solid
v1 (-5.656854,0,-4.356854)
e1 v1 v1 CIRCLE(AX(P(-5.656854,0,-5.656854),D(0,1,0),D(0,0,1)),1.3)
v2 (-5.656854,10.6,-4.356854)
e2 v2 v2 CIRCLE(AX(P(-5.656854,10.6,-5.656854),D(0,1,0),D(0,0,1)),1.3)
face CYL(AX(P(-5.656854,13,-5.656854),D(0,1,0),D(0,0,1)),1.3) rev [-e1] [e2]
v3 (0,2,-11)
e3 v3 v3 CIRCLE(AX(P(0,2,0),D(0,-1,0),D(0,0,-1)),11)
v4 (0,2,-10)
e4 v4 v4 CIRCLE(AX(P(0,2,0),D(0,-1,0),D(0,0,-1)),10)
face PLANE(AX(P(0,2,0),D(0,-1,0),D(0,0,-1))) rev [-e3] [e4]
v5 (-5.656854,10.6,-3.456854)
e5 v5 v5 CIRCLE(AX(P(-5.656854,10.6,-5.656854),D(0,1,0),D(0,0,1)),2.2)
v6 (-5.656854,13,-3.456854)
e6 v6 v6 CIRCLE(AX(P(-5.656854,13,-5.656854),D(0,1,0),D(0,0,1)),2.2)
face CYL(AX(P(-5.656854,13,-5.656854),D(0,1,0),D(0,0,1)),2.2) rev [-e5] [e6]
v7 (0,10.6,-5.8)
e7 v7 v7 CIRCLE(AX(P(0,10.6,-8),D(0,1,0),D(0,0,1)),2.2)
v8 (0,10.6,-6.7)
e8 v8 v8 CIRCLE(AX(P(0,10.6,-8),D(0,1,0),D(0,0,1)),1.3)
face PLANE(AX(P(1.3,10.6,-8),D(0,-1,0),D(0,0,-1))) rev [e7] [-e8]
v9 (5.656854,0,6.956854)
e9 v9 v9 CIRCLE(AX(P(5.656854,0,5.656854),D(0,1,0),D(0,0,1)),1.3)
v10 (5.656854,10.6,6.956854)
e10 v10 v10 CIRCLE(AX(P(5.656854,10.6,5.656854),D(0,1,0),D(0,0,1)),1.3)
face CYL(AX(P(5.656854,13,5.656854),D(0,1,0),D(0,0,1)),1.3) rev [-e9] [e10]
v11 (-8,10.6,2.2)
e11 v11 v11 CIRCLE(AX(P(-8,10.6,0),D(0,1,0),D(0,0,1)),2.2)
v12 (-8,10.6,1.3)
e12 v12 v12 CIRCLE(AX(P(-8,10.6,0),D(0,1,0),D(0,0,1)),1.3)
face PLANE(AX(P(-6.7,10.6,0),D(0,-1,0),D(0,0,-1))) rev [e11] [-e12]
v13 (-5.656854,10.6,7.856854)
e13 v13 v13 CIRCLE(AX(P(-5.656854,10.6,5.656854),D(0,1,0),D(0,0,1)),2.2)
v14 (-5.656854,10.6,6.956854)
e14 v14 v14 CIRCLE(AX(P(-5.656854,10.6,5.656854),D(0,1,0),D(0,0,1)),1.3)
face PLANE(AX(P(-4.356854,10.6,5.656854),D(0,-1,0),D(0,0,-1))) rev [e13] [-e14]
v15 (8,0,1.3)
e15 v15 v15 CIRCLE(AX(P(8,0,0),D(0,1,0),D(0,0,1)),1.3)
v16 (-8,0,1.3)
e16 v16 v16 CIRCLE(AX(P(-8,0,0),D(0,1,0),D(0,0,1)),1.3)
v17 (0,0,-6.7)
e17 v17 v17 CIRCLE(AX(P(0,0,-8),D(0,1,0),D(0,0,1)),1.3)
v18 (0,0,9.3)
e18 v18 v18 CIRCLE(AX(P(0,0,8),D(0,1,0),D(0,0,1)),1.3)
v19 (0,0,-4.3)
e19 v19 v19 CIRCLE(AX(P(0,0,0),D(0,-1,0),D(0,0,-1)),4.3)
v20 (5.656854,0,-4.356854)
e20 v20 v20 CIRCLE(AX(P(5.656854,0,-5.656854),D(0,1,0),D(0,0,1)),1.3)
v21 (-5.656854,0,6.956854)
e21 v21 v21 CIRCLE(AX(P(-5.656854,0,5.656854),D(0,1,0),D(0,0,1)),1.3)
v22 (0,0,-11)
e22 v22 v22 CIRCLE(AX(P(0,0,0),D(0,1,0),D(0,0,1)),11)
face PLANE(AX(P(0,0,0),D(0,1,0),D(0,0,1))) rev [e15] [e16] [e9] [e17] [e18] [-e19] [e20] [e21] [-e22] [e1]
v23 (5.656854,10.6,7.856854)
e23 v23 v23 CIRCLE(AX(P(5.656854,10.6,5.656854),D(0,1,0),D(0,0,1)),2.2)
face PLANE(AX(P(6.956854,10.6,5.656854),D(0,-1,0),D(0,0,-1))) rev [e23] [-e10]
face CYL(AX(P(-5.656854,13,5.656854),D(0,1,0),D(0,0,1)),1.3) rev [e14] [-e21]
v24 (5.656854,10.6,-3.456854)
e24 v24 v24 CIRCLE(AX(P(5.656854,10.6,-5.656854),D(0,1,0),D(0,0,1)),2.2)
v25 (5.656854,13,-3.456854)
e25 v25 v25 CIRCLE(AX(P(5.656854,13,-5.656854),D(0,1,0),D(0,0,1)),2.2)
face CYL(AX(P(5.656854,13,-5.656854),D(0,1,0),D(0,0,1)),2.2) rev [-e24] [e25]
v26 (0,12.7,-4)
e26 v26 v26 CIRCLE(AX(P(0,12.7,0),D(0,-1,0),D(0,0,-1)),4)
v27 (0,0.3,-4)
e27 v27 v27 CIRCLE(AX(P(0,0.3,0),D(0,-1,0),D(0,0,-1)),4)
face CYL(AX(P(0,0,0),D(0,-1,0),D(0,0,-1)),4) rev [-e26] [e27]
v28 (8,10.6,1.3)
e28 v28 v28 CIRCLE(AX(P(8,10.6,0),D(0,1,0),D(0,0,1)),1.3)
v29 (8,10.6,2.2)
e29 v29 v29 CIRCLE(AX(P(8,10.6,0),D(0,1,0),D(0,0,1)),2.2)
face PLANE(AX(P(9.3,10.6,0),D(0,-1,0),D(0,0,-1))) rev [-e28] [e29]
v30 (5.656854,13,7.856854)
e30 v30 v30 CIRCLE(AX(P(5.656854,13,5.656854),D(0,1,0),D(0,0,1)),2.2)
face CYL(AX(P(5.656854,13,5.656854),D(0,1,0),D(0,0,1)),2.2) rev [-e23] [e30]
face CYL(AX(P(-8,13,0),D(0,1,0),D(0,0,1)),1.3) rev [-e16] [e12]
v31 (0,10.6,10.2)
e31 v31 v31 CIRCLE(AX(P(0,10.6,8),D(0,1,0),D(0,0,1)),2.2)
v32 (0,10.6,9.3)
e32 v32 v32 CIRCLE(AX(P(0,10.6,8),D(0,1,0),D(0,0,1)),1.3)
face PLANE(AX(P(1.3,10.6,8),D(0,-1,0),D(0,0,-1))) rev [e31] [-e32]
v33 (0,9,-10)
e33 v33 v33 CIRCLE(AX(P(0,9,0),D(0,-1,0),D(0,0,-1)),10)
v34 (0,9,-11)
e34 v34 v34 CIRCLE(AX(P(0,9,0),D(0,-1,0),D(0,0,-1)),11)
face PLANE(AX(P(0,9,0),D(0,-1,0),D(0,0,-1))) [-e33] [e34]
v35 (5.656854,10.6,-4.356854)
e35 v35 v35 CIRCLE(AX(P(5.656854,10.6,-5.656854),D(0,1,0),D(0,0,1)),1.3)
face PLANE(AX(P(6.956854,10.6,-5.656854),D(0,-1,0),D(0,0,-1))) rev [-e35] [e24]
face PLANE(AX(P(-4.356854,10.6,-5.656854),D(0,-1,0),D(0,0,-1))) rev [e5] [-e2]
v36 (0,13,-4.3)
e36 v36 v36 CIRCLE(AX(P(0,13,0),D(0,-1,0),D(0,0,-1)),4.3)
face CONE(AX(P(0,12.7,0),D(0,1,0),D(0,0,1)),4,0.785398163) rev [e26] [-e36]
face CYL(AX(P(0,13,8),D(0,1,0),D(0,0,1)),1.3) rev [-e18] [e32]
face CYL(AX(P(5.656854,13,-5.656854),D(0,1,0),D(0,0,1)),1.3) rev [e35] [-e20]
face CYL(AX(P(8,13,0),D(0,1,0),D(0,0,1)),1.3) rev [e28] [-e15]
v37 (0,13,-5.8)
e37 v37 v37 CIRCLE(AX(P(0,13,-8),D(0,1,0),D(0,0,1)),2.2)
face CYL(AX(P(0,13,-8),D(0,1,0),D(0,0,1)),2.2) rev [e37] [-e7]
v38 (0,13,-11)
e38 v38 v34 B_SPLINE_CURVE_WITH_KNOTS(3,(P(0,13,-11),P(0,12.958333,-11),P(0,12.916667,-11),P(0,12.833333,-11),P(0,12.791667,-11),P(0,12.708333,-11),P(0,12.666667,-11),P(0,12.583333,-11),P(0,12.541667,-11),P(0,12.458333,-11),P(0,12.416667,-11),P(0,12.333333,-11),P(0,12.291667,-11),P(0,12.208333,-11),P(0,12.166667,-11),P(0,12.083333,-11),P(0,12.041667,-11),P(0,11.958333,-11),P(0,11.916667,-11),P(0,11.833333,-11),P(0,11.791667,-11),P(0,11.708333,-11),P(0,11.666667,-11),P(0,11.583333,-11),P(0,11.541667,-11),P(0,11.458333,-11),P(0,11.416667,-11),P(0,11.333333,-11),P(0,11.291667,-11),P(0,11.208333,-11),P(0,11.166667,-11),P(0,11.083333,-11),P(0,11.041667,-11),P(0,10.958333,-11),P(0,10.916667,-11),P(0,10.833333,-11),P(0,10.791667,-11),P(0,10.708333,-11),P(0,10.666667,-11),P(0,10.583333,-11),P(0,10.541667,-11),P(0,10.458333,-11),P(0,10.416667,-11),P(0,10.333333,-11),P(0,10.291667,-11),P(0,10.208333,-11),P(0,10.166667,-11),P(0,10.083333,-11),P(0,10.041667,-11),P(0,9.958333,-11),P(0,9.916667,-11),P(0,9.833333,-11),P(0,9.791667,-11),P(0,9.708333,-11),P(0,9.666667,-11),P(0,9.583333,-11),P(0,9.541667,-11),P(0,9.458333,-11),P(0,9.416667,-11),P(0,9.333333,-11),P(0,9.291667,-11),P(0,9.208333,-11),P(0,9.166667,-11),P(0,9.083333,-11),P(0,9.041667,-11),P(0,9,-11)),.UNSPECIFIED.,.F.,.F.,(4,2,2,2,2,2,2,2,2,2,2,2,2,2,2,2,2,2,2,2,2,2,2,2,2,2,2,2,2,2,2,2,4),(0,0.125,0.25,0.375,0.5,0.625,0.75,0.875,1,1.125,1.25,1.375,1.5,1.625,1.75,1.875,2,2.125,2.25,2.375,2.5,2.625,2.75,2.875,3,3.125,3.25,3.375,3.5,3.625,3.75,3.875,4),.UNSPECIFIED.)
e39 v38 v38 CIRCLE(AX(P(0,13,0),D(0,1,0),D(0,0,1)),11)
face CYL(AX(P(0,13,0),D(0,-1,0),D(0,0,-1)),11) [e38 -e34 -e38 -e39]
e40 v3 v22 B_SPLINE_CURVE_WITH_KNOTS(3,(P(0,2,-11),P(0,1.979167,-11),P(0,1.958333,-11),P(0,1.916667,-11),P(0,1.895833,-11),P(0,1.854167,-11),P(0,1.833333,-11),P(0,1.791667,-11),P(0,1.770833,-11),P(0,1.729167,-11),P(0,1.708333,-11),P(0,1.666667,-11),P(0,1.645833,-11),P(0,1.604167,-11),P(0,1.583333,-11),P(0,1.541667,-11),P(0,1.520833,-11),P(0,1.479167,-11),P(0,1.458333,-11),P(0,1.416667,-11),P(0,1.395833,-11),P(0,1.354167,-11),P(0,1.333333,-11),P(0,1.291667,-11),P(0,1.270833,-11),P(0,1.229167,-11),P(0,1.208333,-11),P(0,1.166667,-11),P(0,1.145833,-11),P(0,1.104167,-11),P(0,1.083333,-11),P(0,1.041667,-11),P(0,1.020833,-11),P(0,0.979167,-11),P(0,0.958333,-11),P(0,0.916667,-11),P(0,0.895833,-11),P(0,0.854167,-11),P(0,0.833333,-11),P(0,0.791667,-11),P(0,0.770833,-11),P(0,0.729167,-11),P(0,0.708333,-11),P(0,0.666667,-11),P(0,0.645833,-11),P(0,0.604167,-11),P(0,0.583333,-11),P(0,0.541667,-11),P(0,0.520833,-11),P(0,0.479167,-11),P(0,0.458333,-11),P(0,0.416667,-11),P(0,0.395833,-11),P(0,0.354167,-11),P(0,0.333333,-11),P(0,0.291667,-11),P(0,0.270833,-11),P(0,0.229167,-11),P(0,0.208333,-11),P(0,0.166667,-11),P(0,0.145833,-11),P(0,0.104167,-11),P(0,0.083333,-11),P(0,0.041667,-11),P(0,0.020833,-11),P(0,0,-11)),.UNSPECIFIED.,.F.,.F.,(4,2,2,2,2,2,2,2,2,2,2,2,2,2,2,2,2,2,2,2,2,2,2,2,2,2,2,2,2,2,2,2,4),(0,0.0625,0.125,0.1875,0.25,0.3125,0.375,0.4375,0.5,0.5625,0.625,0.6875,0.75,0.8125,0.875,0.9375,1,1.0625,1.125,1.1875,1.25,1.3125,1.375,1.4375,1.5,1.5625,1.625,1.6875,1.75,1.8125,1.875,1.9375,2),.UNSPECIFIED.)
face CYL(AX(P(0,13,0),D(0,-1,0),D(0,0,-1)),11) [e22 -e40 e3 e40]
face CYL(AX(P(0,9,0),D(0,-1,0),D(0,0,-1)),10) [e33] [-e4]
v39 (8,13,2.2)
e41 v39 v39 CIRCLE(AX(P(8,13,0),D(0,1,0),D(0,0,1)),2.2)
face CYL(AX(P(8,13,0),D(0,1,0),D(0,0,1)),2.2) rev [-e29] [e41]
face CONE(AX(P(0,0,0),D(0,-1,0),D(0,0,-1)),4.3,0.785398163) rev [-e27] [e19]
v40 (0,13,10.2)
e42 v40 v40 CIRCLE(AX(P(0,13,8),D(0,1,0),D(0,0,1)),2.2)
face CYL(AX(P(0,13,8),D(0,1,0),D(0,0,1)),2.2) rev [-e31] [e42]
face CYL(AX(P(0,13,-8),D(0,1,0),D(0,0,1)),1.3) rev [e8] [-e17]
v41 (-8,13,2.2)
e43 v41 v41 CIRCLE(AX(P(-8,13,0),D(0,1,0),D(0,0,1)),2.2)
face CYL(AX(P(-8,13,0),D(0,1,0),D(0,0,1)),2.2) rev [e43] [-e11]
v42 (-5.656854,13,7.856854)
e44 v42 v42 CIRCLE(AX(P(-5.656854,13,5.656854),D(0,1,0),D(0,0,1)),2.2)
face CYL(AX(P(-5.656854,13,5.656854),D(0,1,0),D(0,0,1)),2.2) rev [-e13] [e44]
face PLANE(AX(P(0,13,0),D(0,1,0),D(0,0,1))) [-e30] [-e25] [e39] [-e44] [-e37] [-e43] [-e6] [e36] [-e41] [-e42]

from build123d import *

# Parameters (mm, degrees)
SKETCH1_R                                           = 11
BOSS_EXTRUDE1_DEPTH                                 = 13
CBORE_FOR_M2_HEX_SOCKET_HEAD_CAP_SCREW1_D           = 2.6
CBORE_FOR_M2_HEX_SOCKET_HEAD_CAP_SCREW1_CBORE_D     = 4.4
CBORE_FOR_M2_HEX_SOCKET_HEAD_CAP_SCREW1_CBORE_DEPTH = 2.4
CUT_EXTRUDE1_START                                  = -2
SKETCH8_R                                           = 11
SKETCH8_R_2                                         = 10
CUT_EXTRUDE1_DEPTH                                  = 7


with BuildPart() as part:
    # Sketch1 → Boss-Extrude1 (new body)
    with BuildSketch(Plane(origin=(0, 0, 0), x_dir=(1, 0, 0), z_dir=(0, 1, 0))):
        with Locations(Location((0, 0, 0), (0, 0, 90))):
            Circle(SKETCH1_R)
    extrude(amount=BOSS_EXTRUDE1_DEPTH)

    # CBORE for M2 Hex Socket Head Cap Screw1 (through all)
    with Locations(Plane(origin=(0, 13, 0), x_dir=(1, 0, 0), z_dir=(0, 1, 0))):
        with Locations((-5.656854249, 5.656854249), (0, 8), (5.656854249, 5.656854249), (8, 0), (5.656854249, -5.656854249), (0, -8), (-5.656854249, -5.656854249), (-8, 0)):
            CounterBoreHole(CBORE_FOR_M2_HEX_SOCKET_HEAD_CAP_SCREW1_D / 2, CBORE_FOR_M2_HEX_SOCKET_HEAD_CAP_SCREW1_CBORE_D / 2, CBORE_FOR_M2_HEX_SOCKET_HEAD_CAP_SCREW1_CBORE_DEPTH)

    # Sketch8 → Cut-Extrude1 (cut)
    with BuildSketch(Plane.XZ.offset(CUT_EXTRUDE1_START)):
        with Locations(Location((0, 0, 0), (0, 0, 270))):
            Circle(SKETCH8_R)
        with Locations(Location((0, 0, 0), (0, 0, 270))):
            Circle(SKETCH8_R_2, mode=Mode.SUBTRACT)
    extrude(amount=-CUT_EXTRUDE1_DEPTH, mode=Mode.SUBTRACT)

    # Sketch12 → Ø8.0mm Dowel Hole1 (revolve, cut)
    with BuildSketch(Plane(origin=(0, 0, 0), x_dir=(0, 0, -1), z_dir=(1, 0, 0))):
        Polygon((0, 0), (0, 13), (4.3, 13), (4, 12.7), (4, 0.3), (4.3, 0), align=None)
    revolve(axis=Axis((0, -6.35, 0), (0, 1, 0)), mode=Mode.SUBTRACT)


solid = part.part
